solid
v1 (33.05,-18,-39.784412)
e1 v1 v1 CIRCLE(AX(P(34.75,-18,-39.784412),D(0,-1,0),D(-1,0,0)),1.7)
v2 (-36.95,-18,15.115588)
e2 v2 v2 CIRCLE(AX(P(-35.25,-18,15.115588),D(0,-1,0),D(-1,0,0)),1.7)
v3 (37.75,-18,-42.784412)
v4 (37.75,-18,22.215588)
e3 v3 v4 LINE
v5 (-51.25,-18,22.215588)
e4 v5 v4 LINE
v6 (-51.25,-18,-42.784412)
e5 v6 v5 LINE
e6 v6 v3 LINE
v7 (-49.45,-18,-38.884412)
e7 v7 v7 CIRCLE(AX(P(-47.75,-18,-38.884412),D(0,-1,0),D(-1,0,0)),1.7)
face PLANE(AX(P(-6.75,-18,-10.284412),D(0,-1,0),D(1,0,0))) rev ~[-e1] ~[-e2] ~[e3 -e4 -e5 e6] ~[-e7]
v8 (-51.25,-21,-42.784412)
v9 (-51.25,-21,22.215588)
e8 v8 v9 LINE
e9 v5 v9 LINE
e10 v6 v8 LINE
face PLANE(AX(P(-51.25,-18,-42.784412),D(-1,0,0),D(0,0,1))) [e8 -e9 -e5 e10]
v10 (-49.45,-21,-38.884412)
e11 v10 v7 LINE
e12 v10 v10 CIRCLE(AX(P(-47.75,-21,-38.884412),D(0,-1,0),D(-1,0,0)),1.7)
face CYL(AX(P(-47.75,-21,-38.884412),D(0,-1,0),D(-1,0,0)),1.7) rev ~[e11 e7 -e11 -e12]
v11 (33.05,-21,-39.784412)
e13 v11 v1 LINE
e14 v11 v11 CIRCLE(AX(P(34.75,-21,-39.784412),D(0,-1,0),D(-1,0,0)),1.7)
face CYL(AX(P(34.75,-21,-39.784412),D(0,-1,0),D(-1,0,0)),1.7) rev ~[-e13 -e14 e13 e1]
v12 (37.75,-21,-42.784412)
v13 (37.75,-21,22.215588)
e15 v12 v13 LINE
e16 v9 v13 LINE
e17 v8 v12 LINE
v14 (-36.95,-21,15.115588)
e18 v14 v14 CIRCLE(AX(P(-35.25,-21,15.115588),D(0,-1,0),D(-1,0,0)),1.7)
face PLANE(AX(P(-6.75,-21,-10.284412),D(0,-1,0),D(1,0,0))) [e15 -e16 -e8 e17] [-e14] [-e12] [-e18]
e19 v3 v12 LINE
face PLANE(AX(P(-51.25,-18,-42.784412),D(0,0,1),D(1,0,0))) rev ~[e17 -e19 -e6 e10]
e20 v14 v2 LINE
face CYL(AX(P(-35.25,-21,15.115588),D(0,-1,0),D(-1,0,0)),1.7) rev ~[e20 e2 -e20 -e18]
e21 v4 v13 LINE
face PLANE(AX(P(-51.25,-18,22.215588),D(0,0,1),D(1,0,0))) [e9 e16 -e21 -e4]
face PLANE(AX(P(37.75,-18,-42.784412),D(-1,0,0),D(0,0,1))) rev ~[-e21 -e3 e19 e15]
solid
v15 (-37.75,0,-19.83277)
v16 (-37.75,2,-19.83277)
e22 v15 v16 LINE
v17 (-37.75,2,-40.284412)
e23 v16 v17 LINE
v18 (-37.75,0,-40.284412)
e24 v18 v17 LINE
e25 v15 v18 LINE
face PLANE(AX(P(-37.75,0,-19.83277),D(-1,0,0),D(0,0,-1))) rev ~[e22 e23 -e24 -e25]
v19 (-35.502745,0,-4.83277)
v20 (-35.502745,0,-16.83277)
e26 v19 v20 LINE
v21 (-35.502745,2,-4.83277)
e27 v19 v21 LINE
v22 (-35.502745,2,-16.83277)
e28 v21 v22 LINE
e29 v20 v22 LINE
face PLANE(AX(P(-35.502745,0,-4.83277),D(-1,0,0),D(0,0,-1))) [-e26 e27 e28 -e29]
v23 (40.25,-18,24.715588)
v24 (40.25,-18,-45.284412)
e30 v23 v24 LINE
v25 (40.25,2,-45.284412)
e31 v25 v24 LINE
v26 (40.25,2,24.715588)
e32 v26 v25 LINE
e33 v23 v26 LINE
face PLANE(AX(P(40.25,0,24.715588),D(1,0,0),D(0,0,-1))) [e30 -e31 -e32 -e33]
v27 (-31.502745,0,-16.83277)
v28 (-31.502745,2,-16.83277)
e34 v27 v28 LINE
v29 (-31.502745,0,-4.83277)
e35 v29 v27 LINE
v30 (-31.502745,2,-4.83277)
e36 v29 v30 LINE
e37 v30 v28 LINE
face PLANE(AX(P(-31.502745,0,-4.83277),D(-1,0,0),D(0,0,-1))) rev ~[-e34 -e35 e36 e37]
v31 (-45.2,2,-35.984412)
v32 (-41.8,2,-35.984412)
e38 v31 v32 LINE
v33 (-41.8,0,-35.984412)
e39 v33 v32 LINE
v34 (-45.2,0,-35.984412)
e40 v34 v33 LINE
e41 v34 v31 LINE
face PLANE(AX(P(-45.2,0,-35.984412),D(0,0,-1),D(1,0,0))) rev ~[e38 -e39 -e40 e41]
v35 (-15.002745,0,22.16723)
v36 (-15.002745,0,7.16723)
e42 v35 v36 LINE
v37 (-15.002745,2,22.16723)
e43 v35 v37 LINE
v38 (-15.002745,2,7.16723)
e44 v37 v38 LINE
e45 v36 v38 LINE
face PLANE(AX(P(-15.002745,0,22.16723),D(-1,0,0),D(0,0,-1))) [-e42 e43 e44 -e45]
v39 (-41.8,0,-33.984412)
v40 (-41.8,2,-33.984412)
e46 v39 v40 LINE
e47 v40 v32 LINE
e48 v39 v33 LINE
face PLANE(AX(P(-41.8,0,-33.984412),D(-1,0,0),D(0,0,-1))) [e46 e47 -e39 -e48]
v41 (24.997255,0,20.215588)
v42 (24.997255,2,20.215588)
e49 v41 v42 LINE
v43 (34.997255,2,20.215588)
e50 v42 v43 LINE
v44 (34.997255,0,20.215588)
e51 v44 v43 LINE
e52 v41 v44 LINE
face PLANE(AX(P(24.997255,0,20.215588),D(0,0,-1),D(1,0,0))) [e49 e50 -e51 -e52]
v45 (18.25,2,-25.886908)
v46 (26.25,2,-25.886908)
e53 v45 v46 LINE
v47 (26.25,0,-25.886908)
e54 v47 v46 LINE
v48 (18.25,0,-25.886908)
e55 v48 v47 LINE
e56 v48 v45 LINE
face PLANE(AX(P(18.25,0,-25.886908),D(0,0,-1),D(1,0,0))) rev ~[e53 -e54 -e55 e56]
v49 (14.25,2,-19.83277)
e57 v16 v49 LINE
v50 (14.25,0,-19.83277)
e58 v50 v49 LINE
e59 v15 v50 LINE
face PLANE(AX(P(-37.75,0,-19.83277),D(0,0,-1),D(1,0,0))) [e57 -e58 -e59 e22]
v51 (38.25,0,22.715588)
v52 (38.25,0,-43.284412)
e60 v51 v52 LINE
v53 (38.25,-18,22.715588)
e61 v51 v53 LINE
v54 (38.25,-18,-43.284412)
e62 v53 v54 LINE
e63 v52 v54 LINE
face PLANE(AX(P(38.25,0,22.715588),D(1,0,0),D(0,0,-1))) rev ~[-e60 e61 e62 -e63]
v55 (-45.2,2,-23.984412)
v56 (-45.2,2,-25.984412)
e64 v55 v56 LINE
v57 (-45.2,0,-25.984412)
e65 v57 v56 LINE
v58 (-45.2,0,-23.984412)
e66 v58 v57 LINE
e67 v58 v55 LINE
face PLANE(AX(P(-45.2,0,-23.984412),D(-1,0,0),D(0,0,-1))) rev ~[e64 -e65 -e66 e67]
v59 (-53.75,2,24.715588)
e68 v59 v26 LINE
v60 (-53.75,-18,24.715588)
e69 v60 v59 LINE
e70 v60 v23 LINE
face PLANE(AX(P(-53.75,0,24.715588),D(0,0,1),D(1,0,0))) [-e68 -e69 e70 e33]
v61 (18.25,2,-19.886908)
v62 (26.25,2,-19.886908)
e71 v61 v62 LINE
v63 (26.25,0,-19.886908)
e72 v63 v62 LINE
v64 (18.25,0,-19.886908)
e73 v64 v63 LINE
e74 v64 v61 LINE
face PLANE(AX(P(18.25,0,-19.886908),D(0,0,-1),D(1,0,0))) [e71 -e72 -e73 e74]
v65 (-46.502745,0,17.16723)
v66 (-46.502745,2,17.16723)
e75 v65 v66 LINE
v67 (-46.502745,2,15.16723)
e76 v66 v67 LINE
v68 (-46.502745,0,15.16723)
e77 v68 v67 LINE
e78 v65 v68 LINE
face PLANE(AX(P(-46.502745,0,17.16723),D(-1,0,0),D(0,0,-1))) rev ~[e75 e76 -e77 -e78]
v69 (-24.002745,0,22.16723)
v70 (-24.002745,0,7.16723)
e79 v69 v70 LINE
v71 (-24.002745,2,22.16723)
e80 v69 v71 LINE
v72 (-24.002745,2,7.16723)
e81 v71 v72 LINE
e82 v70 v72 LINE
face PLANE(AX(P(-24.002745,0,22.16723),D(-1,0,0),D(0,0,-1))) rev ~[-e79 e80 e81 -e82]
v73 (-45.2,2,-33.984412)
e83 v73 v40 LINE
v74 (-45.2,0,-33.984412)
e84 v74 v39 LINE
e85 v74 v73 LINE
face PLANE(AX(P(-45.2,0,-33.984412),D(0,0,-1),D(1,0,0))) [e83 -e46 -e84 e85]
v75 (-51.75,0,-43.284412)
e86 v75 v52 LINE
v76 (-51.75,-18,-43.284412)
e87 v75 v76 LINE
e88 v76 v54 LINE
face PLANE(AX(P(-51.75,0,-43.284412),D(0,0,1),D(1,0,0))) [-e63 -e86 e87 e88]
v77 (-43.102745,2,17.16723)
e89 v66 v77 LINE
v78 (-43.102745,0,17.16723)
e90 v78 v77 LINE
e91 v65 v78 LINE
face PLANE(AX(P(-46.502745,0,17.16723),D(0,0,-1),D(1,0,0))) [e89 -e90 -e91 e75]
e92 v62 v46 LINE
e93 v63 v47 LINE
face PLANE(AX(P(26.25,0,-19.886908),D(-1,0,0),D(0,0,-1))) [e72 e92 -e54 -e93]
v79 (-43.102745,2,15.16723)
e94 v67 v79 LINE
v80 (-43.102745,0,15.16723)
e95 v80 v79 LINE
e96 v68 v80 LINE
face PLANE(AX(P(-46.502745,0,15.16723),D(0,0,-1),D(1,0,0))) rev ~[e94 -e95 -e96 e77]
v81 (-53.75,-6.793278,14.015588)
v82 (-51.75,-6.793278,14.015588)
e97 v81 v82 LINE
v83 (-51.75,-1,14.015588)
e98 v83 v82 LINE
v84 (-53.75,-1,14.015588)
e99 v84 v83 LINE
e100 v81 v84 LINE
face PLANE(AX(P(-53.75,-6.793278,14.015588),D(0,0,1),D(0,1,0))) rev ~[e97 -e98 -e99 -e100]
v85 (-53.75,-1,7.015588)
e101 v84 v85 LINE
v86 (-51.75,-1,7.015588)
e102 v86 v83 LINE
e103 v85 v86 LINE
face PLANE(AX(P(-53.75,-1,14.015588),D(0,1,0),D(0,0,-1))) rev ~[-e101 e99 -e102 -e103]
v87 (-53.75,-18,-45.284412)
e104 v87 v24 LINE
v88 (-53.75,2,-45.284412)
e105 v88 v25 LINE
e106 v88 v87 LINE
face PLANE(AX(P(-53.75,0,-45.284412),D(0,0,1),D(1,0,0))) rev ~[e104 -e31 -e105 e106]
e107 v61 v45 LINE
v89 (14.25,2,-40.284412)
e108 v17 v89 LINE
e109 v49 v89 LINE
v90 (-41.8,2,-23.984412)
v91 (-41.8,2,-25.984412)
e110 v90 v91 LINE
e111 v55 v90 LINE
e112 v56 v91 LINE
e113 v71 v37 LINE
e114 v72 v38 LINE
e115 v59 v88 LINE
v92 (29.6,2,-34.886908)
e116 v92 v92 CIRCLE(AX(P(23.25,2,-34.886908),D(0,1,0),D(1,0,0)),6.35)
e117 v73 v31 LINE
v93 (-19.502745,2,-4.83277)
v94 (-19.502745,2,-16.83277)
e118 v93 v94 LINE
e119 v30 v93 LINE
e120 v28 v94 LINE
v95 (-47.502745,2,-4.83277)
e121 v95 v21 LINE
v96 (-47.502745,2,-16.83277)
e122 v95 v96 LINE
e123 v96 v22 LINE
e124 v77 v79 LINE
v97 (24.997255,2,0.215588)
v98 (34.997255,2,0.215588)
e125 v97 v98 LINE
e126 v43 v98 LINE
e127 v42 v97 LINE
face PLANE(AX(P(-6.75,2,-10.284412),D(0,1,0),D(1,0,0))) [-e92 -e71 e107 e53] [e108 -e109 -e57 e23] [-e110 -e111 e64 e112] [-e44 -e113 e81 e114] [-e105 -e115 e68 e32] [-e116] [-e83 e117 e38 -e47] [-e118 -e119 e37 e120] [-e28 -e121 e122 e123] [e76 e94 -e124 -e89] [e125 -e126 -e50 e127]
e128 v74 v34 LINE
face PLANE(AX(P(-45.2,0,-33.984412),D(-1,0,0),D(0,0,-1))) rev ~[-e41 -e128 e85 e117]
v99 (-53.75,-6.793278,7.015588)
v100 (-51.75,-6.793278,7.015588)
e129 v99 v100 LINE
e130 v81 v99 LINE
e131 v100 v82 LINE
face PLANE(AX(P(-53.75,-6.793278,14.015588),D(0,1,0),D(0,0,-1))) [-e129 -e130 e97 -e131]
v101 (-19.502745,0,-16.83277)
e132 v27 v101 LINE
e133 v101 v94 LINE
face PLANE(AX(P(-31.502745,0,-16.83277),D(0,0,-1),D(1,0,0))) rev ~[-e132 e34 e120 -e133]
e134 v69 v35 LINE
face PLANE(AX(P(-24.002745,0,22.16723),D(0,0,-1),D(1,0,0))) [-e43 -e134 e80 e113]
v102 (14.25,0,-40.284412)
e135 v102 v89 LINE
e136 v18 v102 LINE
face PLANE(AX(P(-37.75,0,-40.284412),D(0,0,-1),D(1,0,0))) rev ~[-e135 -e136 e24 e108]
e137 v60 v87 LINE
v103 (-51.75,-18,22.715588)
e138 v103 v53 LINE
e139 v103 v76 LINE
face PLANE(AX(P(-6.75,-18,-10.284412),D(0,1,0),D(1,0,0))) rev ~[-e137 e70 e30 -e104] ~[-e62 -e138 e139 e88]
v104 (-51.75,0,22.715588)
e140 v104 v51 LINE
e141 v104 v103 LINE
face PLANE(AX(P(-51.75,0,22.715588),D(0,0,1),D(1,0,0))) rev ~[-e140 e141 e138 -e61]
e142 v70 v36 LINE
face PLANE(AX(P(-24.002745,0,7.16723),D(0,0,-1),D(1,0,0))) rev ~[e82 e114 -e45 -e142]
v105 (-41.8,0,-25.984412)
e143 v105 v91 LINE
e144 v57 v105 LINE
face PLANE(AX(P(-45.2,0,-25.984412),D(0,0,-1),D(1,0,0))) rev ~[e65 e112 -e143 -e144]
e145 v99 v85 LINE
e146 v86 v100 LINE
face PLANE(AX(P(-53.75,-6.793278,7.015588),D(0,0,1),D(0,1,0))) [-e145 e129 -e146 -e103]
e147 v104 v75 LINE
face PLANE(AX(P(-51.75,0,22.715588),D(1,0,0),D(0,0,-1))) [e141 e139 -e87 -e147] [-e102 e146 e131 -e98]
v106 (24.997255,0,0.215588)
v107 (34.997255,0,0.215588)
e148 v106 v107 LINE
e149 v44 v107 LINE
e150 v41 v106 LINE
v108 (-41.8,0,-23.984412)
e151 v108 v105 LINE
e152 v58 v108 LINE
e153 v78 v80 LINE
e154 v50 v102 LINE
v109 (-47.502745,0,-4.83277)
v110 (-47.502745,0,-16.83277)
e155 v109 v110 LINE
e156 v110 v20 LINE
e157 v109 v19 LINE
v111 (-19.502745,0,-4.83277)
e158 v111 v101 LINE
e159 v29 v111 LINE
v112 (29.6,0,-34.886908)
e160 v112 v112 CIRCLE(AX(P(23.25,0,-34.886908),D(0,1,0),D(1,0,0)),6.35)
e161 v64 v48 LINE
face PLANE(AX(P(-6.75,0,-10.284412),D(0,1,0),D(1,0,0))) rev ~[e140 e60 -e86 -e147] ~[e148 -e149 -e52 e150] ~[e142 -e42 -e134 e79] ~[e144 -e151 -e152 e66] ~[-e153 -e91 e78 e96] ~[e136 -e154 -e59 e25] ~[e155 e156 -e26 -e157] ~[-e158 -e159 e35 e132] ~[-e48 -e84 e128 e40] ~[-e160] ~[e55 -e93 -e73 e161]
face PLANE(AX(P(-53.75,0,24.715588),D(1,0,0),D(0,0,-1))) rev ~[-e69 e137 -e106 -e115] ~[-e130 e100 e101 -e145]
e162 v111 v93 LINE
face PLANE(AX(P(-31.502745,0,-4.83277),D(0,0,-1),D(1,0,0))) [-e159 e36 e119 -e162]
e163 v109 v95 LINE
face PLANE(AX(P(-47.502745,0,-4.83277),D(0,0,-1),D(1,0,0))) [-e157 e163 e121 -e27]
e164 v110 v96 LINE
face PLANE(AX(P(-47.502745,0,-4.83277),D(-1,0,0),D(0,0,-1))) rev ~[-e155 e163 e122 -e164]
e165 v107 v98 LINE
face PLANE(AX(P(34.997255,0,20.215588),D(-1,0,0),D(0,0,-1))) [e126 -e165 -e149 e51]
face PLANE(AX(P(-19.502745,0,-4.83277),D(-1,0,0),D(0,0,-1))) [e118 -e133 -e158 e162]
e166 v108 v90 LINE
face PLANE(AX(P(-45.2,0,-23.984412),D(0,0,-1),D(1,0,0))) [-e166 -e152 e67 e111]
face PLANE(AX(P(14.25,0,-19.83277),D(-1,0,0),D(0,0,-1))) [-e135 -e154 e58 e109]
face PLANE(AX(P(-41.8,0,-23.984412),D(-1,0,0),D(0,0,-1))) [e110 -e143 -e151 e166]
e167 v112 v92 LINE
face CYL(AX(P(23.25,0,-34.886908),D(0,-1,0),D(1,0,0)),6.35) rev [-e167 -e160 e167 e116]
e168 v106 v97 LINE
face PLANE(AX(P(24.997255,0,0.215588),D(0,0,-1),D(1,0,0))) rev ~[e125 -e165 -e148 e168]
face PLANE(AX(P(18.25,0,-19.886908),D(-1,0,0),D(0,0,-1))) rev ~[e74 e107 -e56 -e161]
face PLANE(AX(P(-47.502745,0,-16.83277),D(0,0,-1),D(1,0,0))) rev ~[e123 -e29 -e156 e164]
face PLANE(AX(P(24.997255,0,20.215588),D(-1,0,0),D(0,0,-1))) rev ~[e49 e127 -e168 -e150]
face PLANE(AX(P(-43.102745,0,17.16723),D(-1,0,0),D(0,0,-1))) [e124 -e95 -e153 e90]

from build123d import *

# Parameters (mm, degrees)
SKETCH1_W                = 94
SKETCH1_H                = 70
SKETCH1_R                = 6.35
SKETCH1_W_2              = 8
SKETCH1_H_2              = 6
SKETCH1_W_3              = 3.4
SKETCH1_H_3              = 2
SKETCH1_W_4              = 52
SKETCH1_H_4              = 20.451642238
SKETCH1_W_5              = 12
SKETCH1_H_5              = 12
SKETCH1_W_6              = 9
SKETCH1_H_6              = 15
SKETCH1_W_7              = 10
SKETCH1_H_7              = 20
BOSS_EXTRUDE1_DEPTH      = 2
SKETCH2_W                = 94
SKETCH2_H                = 70
SKETCH2_W_2              = 90
SKETCH2_H_2              = 66
BOSS_EXTRUDE2_DEPTH      = 1
BOSS_EXTRUDE2_DEPTH_BACK = 18
CUT_EXTRUDE1_START       = -94
SKETCH3_W                = 7
SKETCH3_H                = 5.793277682
CUT_EXTRUDE1_DEPTH       = 10
CUT_EXTRUDE1_DEPTH_BACK  = 10
SKETCH4_W                = 89
SKETCH4_H                = 65
BOSS_EXTRUDE3_DEPTH      = 3
SKETCH5_R                = 1.7
CUT_EXTRUDE5_DEPTH       = 3


with BuildPart() as part:
    # Sketch1 → Boss-Extrude1 (new body)
    with BuildSketch(Plane(origin=(0, 0, 0), x_dir=(1, 0, 0), z_dir=(0, 1, 0))):
        with Locations((-6.75, 10.284411869)):
            Rectangle(SKETCH1_W, SKETCH1_H)
        with Locations((23.25, 34.886908177)):
            Circle(SKETCH1_R, mode=Mode.SUBTRACT)
        with Locations((22.25, 22.886908177)):
            Rectangle(SKETCH1_W_2, SKETCH1_H_2, mode=Mode.SUBTRACT)
        with Locations((-43.5, 24.984411869)):
            Rectangle(SKETCH1_W_3, SKETCH1_H_3, mode=Mode.SUBTRACT)
        with Locations((-11.75, 30.05859075)):
            Rectangle(SKETCH1_W_4, SKETCH1_H_4, mode=Mode.SUBTRACT)
        with Locations((-41.502745427, 10.832769631)):
            Rectangle(SKETCH1_W_5, SKETCH1_H_5, mode=Mode.SUBTRACT)
        with Locations((-25.502745427, 10.832769631)):
            Rectangle(SKETCH1_W_5, SKETCH1_H_5, mode=Mode.SUBTRACT)
        with Locations((-43.5, 34.984411869)):
            Rectangle(SKETCH1_W_3, SKETCH1_H_3, mode=Mode.SUBTRACT)
        with Locations((-19.502745427, -14.667230369)):
            Rectangle(SKETCH1_W_6, SKETCH1_H_6, mode=Mode.SUBTRACT)
        with Locations((29.997254573, -10.215588131)):
            Rectangle(SKETCH1_W_7, SKETCH1_H_7, mode=Mode.SUBTRACT)
        with Locations((-44.802745427, -16.167230369)):
            Rectangle(SKETCH1_W_3, SKETCH1_H_3, mode=Mode.SUBTRACT)
    extrude(amount=BOSS_EXTRUDE1_DEPTH)

    # Sketch2 → Boss-Extrude2 (add, two sides)
    with BuildSketch(Plane(origin=(0, 0, 0), x_dir=(1, 0, 0), z_dir=(0, 1, 0))) as boss_extrude2_sk:
        with Locations((-6.75, 10.284411869)):
            Rectangle(SKETCH2_W, SKETCH2_H)
        with Locations((-6.75, 10.284411869)):
            Rectangle(SKETCH2_W_2, SKETCH2_H_2, mode=Mode.SUBTRACT)
    extrude(amount=BOSS_EXTRUDE2_DEPTH)
    extrude(boss_extrude2_sk.sketch, amount=-BOSS_EXTRUDE2_DEPTH_BACK)

    # Sketch3 → Cut-Extrude1 (cut, two sides)
    with BuildSketch(Plane(origin=(40.25, 0, 0), x_dir=(0, 0, -1), z_dir=(1, 0, 0)).offset(CUT_EXTRUDE1_START)) as cut_extrude1_sk:
        with Locations((-10.515588131, -3.896638841)):
            Rectangle(SKETCH3_W, SKETCH3_H)
    extrude(amount=CUT_EXTRUDE1_DEPTH, mode=Mode.SUBTRACT)
    extrude(cut_extrude1_sk.sketch, amount=-CUT_EXTRUDE1_DEPTH_BACK, mode=Mode.SUBTRACT)


with BuildPart() as body_2:
    # Sketch4 → Boss-Extrude3 (new body)
    with BuildSketch(Plane.XZ.offset(18)):
        with Locations((-6.75, -10.284411869)):
            Rectangle(SKETCH4_W, SKETCH4_H)
    extrude(amount=BOSS_EXTRUDE3_DEPTH)

    # Sketch5 → Cut-Extrude5 (cut)
    with BuildSketch(Plane(origin=(0, -21, 0), x_dir=(-1, 0, 0), z_dir=(0, -1, 0))):
        with Locations((-34.75, 39.784411869)):
            Circle(SKETCH5_R)
        with Locations((35.25, -15.115588131)):
            Circle(SKETCH5_R)
        with Locations((47.75, 38.884411869)):
            Circle(SKETCH5_R)
    extrude(amount=-CUT_EXTRUDE5_DEPTH, mode=Mode.SUBTRACT)


solid = Compound([part.part, body_2.part])
